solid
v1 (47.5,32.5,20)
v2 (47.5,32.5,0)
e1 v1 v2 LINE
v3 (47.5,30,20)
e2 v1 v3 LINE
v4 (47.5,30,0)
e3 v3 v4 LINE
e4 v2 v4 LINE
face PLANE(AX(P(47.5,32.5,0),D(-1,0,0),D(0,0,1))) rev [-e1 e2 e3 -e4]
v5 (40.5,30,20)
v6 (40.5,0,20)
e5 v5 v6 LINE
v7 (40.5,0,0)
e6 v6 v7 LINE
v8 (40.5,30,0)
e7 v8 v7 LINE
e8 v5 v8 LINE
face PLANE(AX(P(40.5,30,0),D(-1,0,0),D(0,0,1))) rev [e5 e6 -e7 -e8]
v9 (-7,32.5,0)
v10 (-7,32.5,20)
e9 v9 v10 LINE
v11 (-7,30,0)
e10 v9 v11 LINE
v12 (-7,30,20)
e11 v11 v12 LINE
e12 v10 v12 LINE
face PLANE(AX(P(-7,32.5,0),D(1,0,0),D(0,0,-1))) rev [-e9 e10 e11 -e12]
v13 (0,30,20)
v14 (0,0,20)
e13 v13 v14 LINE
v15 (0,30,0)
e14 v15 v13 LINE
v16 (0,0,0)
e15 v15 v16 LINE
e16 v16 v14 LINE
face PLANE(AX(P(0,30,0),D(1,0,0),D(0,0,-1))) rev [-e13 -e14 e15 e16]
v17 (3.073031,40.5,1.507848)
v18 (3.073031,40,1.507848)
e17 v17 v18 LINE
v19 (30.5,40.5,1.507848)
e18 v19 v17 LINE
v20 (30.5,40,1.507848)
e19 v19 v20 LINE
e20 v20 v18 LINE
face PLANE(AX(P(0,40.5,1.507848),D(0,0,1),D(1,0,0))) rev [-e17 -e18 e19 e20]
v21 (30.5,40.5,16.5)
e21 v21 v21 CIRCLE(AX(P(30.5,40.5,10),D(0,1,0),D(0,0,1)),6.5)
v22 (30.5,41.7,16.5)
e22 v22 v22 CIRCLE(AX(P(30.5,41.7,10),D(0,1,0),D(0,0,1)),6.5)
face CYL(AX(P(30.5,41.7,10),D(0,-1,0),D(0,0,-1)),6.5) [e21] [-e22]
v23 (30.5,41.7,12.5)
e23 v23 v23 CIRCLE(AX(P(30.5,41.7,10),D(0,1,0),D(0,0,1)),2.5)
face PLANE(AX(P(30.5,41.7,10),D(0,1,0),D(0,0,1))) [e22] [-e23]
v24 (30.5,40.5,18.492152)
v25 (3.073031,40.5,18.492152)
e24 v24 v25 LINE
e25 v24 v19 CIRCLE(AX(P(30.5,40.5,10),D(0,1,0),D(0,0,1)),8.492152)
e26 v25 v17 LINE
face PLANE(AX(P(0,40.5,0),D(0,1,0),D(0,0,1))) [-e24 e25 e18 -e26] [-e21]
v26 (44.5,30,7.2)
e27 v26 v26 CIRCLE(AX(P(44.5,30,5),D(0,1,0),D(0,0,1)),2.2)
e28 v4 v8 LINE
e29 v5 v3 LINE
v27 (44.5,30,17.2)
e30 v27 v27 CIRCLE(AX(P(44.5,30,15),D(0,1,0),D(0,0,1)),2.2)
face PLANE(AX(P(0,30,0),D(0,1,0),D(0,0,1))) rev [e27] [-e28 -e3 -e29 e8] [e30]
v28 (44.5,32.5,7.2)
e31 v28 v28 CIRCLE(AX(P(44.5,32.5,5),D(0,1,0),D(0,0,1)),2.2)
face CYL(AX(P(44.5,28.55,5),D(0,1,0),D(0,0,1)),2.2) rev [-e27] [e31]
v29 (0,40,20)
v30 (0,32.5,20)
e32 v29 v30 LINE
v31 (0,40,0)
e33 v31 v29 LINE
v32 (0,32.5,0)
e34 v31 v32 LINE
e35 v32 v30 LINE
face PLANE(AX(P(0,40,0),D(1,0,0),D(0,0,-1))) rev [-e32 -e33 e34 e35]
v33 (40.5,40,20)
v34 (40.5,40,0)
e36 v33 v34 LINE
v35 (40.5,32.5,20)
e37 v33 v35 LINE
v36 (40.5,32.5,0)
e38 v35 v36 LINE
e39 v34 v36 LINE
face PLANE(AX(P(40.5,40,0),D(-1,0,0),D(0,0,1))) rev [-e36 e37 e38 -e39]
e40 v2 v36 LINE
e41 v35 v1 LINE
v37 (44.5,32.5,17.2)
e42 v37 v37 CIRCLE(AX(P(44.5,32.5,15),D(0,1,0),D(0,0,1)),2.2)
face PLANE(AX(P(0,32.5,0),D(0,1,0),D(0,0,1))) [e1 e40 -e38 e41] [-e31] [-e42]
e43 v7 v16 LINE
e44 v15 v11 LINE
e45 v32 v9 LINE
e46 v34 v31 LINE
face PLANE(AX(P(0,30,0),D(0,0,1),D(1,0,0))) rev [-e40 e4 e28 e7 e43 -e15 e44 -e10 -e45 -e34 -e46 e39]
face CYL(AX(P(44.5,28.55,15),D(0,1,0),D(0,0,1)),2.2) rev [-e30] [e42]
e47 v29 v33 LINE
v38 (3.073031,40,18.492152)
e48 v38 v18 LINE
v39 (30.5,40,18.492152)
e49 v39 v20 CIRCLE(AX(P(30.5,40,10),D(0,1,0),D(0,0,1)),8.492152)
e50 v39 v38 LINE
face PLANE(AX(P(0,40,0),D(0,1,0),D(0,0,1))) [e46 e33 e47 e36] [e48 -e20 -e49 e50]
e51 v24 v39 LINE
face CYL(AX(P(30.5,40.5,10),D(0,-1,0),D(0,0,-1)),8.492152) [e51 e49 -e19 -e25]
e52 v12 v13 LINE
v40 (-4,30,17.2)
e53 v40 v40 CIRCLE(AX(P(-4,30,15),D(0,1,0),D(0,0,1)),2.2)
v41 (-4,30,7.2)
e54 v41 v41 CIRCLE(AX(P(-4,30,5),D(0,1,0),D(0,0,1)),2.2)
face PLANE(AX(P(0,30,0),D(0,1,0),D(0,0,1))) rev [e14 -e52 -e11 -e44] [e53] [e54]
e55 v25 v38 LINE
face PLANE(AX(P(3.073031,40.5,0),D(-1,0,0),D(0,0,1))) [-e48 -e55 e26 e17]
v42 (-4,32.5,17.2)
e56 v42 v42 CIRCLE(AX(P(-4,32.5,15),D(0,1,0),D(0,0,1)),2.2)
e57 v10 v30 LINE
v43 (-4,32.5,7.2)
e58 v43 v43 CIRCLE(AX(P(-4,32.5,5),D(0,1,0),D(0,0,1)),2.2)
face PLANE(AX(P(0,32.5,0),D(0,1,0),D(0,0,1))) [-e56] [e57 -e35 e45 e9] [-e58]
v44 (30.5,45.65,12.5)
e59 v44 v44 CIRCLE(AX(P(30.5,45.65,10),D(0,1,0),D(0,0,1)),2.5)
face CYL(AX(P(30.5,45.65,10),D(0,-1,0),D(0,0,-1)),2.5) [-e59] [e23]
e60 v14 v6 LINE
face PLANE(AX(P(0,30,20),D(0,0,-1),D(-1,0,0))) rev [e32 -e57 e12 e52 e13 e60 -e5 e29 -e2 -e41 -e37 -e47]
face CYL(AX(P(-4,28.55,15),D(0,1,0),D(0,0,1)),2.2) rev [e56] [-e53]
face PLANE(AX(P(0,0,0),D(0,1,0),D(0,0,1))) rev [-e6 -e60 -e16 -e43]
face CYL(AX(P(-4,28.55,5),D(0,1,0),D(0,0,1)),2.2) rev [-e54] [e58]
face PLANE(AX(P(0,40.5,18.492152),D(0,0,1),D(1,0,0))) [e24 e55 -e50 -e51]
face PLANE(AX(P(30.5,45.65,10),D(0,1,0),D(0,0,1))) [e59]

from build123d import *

# Parameters (mm, degrees)
SKETCH_1_W          = 40.5
SKETCH_1_H          = 20
EXTRUDE_1_DEPTH     = 30
SKETCH_2_W          = 54.5
SKETCH_2_H          = 20
EXTRUDE_2_DEPTH     = 2.5
SKETCH_3_W          = 40.5
SKETCH_3_H          = 20
EXTRUDE_3_DEPTH     = 7.5
EXTRUDE_4_DEPTH     = 0.5
SKETCH_5_R          = 6.5
EXTRUDE_5_DEPTH     = 1.2
SKETCH_6_R          = 2.5
EXTRUDE_6_DEPTH     = 3.95
SKETCH_7_R          = 2.2
CUT_EXTRUDE_1_DEPTH = 3.95


with BuildPart() as part:
    # 草图1 → 凸台-拉伸1 (new body)
    with BuildSketch(Plane(origin=(0, 0, 0), x_dir=(1, 0, 0), z_dir=(0, 1, 0))):
        with Locations((20.25, -10)):
            Rectangle(SKETCH_1_W, SKETCH_1_H)
    extrude(amount=EXTRUDE_1_DEPTH)

    # 草图2 → 凸台-拉伸2 (add)
    with BuildSketch(Plane(origin=(0, 30, 0), x_dir=(1, 0, 0), z_dir=(0, 1, 0))):
        with Locations((20.25, -10)):
            Rectangle(SKETCH_2_W, SKETCH_2_H)
    extrude(amount=EXTRUDE_2_DEPTH)

    # 草图3 → 凸台-拉伸3 (add)
    with BuildSketch(Plane(origin=(0, 32.5, 0), x_dir=(1, 0, 0), z_dir=(0, 1, 0))):
        with Locations((20.25, -10)):
            Rectangle(SKETCH_3_W, SKETCH_3_H)
    extrude(amount=EXTRUDE_3_DEPTH)

    # 草图4 → 凸台-拉伸4 (add)
    with BuildSketch(Plane(origin=(0, 40, 0), x_dir=(1, 0, 0), z_dir=(0, 1, 0))):
        with BuildLine():
            Line((3.073030725, -18.492151614), (30.5, -18.492151614))
            ThreePointArc((30.5, -18.492151614), (22.007848386, -10), (30.5, -1.507848386))
            Line((30.5, -1.507848386), (3.073030725, -1.507848386))
            Line((3.073030725, -1.507848386), (3.073030725, -18.492151614))
        make_face()
        with BuildLine():
            Line((30.5, -18.492151614), (30.5, -10))
            Line((30.5, -10), (30.5, -1.507848386))
            ThreePointArc((30.5, -1.507848386), (22.007848386, -10), (30.5, -18.492151614))
        make_face()
        with BuildLine():
            Line((30.5, -1.507848386), (30.5, -10))
            Line((30.5, -10), (38.992151614, -10))
            ThreePointArc((38.992151614, -10), (36.504857993, -3.995142007), (30.5, -1.507848386))
        make_face()
        with BuildLine():
            Line((38.992151614, -10), (30.5, -10))
            Line((30.5, -10), (30.5, -18.492151614))
            ThreePointArc((30.5, -18.492151614), (36.504857993, -16.004857993), (38.992151614, -10))
        make_face()
    extrude(amount=EXTRUDE_4_DEPTH)

    # 草图5 → 凸台-拉伸5 (add)
    with BuildSketch(Plane(origin=(0, 40.5, 0), x_dir=(1, 0, 0), z_dir=(0, 1, 0))):
        with Locations(Location((30.5, -10, 0), (0, 0, 270))):
            Circle(SKETCH_5_R)
    extrude(amount=EXTRUDE_5_DEPTH)

    # 草图6 → 凸台-拉伸6 (add)
    with BuildSketch(Plane(origin=(0, 41.7, 0), x_dir=(1, 0, 0), z_dir=(0, 1, 0))):
        with Locations(Location((30.5, -10, 0), (0, 0, 270))):
            Circle(SKETCH_6_R)
    extrude(amount=EXTRUDE_6_DEPTH)

    # 草图7 → 切除-拉伸1 (cut)
    with BuildSketch(Plane(origin=(0, 32.5, 0), x_dir=(1, 0, 0), z_dir=(0, 1, 0))):
        with Locations(Location((44.5, -5, 0), (0, 0, 270))):
            Circle(SKETCH_7_R)
        with Locations(Location((44.5, -15, 0), (0, 0, 270))):
            Circle(SKETCH_7_R)
        with Locations(Location((-4, -5, 0), (0, 0, 270))):
            Circle(SKETCH_7_R)
        with Locations(Location((-4, -15, 0), (0, 0, 270))):
            Circle(SKETCH_7_R)
    extrude(amount=-CUT_EXTRUDE_1_DEPTH, mode=Mode.SUBTRACT)


solid = part.part
